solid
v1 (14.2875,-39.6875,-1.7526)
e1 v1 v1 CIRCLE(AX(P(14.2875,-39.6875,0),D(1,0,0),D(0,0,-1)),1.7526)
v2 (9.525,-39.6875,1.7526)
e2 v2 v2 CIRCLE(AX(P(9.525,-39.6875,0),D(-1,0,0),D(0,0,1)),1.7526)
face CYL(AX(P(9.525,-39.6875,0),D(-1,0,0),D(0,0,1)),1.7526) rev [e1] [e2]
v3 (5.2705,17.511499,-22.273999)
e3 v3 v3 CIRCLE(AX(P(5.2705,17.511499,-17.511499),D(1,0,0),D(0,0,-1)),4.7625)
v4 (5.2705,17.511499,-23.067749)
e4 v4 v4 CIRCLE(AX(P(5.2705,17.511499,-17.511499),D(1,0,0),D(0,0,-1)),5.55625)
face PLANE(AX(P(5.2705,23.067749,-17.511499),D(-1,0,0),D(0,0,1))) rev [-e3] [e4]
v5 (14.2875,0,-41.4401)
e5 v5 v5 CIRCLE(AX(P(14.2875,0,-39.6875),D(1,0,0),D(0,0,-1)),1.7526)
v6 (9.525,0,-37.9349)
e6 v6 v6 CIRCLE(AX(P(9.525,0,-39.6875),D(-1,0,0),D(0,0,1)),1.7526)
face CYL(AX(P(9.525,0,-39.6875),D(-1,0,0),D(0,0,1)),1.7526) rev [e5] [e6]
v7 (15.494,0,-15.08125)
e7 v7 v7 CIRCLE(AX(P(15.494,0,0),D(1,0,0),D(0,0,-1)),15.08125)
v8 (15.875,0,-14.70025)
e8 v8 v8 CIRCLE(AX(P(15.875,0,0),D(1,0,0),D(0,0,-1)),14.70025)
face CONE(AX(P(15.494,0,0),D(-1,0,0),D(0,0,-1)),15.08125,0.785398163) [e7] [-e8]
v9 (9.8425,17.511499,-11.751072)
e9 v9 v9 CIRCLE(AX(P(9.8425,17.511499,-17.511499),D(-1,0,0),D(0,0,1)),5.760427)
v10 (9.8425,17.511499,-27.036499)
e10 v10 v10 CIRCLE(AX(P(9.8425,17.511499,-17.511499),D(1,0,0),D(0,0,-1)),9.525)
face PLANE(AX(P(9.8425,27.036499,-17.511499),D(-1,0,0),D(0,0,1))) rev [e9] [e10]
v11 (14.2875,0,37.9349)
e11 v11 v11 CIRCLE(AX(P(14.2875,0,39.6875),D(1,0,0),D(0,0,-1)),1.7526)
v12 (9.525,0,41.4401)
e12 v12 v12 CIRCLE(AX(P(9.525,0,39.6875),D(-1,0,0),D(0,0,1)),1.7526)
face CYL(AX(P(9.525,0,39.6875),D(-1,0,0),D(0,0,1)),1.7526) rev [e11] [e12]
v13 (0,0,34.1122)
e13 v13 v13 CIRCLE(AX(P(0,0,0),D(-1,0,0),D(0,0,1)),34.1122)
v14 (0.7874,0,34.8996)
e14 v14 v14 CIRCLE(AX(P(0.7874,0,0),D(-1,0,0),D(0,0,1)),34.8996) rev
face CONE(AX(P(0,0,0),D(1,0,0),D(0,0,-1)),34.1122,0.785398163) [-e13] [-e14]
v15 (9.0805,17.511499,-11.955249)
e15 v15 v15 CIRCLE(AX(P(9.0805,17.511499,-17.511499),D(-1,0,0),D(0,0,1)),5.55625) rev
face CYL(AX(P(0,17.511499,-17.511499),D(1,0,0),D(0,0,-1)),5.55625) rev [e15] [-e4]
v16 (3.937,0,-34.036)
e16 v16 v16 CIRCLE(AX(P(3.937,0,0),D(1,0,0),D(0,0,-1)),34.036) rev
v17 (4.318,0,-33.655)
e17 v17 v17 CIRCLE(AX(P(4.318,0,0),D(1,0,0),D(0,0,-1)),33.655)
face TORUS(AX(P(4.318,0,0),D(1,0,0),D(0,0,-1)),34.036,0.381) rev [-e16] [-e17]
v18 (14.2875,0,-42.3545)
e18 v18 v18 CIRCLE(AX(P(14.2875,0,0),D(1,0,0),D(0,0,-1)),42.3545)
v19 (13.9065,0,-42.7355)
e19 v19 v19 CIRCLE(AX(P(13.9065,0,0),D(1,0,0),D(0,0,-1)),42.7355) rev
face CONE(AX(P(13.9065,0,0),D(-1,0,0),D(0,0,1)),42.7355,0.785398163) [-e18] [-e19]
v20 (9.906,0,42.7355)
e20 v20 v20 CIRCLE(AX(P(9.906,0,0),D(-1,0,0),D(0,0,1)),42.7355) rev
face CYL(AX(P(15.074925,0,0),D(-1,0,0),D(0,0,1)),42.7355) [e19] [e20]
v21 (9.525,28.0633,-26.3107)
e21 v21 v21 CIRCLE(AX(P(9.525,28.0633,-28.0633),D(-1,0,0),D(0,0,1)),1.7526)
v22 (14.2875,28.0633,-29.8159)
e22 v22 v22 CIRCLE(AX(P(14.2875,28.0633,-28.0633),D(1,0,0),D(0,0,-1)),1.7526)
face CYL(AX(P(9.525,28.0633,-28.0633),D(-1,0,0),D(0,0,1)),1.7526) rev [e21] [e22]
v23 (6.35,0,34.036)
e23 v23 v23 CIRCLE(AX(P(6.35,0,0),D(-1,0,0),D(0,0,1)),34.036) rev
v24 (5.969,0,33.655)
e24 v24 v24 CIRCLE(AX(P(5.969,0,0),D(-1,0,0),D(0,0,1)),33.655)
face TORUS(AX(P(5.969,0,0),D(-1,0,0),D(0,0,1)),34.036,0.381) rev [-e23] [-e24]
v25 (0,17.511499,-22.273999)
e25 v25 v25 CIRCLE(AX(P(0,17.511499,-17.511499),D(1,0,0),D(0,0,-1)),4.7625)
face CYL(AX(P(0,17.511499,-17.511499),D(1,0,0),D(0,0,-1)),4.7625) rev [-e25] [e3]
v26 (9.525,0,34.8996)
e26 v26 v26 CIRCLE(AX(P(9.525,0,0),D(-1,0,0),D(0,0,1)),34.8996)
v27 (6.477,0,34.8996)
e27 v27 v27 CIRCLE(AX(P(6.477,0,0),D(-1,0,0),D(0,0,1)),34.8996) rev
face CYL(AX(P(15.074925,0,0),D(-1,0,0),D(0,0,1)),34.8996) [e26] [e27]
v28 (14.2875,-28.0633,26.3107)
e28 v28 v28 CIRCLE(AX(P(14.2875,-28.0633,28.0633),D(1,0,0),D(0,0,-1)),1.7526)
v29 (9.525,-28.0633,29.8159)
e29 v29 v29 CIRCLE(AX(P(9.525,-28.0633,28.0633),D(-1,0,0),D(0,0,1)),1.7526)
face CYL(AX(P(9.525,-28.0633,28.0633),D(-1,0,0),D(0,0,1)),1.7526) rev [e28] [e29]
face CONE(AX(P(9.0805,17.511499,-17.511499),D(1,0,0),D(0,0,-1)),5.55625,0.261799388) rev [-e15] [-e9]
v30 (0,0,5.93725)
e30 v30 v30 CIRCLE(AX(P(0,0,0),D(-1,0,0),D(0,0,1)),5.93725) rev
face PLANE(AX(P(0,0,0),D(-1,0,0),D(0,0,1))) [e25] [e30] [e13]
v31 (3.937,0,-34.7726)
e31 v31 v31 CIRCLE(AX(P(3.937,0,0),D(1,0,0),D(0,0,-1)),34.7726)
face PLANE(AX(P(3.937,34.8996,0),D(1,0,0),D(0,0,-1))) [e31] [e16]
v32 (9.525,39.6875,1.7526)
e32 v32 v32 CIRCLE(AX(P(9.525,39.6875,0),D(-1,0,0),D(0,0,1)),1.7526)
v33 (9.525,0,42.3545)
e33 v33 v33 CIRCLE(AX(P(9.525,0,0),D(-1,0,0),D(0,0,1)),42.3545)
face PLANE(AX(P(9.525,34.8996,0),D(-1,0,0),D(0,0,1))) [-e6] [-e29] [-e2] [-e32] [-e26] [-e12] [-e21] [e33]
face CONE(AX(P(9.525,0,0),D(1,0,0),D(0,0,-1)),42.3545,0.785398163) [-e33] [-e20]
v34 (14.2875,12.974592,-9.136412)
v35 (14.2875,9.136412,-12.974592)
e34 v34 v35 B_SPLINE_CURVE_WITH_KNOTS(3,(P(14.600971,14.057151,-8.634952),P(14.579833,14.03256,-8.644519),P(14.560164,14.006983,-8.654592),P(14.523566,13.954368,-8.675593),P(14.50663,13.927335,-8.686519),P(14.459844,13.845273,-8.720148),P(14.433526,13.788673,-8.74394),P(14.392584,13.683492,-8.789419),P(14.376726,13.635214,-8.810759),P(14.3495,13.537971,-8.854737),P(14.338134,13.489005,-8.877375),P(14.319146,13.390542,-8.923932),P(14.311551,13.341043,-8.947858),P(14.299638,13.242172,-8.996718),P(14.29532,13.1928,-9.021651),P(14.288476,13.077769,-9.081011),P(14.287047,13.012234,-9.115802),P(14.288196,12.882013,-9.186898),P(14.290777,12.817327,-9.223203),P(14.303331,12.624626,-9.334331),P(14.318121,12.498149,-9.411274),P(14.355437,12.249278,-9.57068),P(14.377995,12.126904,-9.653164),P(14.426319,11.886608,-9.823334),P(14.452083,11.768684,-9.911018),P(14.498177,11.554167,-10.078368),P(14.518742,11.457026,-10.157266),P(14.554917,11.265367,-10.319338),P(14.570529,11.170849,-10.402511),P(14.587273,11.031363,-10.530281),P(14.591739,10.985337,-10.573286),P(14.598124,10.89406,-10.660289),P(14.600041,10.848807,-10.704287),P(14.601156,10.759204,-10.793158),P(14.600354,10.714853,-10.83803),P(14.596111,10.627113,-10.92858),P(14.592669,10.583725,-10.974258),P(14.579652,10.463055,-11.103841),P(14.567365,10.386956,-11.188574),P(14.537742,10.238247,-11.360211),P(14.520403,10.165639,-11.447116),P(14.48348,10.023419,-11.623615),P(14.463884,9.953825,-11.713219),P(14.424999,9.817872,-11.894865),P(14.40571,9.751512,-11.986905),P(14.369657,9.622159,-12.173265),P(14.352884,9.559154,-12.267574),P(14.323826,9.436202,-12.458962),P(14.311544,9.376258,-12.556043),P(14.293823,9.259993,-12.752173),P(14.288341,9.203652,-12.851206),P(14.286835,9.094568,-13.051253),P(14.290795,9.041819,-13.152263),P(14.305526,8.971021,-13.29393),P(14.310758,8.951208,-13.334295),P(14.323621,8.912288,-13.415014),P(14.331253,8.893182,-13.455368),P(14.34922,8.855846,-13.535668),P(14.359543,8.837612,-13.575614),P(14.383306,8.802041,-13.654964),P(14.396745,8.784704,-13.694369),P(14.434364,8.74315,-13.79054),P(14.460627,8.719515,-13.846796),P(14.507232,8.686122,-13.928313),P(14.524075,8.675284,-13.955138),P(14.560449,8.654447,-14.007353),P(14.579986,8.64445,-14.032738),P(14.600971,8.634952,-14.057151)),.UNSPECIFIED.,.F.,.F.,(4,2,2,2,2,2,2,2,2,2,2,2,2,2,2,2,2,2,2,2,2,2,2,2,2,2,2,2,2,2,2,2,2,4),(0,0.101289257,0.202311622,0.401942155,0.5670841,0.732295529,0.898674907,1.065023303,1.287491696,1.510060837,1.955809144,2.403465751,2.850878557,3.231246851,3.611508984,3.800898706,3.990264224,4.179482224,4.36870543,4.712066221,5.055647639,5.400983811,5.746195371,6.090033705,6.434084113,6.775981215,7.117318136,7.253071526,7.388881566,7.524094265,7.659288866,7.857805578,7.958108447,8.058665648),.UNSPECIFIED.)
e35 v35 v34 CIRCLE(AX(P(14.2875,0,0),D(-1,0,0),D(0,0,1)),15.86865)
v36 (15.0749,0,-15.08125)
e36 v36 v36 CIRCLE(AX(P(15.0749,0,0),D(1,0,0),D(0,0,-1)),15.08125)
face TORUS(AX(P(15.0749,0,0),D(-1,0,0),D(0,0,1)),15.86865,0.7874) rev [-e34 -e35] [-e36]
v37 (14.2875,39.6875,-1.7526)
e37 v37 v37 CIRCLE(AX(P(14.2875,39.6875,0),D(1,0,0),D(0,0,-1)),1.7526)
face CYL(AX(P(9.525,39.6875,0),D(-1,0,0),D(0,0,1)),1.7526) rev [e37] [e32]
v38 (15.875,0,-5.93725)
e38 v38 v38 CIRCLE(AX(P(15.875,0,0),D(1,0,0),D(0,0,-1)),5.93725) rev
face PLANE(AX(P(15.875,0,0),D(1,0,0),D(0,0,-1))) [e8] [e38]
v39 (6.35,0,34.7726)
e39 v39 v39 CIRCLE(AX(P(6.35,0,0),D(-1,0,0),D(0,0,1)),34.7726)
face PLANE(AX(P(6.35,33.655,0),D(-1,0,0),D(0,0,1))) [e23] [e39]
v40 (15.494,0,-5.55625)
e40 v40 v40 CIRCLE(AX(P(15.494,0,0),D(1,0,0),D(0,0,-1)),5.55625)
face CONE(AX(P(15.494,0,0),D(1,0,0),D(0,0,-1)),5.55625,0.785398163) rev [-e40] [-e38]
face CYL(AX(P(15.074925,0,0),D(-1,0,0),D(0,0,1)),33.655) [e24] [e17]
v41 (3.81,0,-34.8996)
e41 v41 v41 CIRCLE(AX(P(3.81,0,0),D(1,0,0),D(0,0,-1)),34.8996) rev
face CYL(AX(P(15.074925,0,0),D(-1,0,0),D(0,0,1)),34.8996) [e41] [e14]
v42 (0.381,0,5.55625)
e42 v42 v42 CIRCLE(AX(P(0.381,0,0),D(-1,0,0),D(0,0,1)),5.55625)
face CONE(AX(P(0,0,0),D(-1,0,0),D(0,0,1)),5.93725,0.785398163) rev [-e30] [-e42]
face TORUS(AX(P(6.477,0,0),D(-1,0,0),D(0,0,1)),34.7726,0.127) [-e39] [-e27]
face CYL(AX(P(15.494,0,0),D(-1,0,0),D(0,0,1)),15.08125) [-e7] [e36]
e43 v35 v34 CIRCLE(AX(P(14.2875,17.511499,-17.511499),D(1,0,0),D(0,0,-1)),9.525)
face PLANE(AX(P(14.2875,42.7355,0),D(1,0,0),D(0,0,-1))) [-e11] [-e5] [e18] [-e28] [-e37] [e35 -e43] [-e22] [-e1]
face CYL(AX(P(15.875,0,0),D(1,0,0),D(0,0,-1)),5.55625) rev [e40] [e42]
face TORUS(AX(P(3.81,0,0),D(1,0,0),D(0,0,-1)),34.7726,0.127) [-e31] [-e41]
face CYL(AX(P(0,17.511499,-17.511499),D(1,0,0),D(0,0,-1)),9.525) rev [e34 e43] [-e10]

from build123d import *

# Parameters (mm, degrees)
SKETCH2_R                 = 15.08125
BOSS_EXTRUDE1_DEPTH       = 0.4191
SKETCH3_R                 = 15.08125
BOSS_EXTRUDE2_DEPTH       = 0.381
BOSS_EXTRUDE2_TAPER       = 45
M3_CLEARANCE_HOLE1_D      = 3.5052
M3_CLEARANCE_HOLE1_DEPTH  = 6.35
M10_CLEARANCE_HOLE1_D     = 11.1125
M10_CLEARANCE_HOLE1_DEPTH = 15.875
CHAMFER1_SIZE             = 0.381
CHAMFER2_SIZE             = 0.204177285
CHAMFER2_SIZE2            = 0.762
CHAMFER3_SIZE             = 0.7874
FILLET1_R                 = 0.127
FILLET2_R                 = 0.381


with BuildPart() as part:
    # Sketch1 → Revolve1 (revolve)
    with BuildSketch(Plane(origin=(0, 0, 0), x_dir=(-1, 0, 0), z_dir=(0, 0, -1))):
        with BuildLine():
            Line((-15.0749, 15.08125), (-15.0749, 0))
            Line((-15.0749, 0), (0, 0))
            Line((0, 0), (0, 34.8996))
            Line((0, 34.8996), (-3.937, 34.8996))
            Line((-3.937, 34.8996), (-3.937, 33.655))
            Line((-3.937, 33.655), (-6.35, 33.655))
            Line((-6.35, 33.655), (-6.35, 34.8996))
            Line((-6.35, 34.8996), (-9.525, 34.8996))
            Line((-9.525, 34.8996), (-9.525, 42.7355))
            Line((-9.525, 42.7355), (-14.2875, 42.7355))
            Line((-14.2875, 42.7355), (-14.2875, 15.86865))
            ThreePointArc((-14.2875, 15.86865), (-14.51812412, 15.31187412), (-15.0749, 15.08125))
        make_face()
    revolve(axis=Axis((15.074925, 0, 0), (-1, 0, 0)))

    # Sketch2 → Boss-Extrude1 (add)
    with BuildSketch(Plane(origin=(15.0749, 0, 0), x_dir=(0, 0, -1), z_dir=(1, 0, 0))):
        Circle(SKETCH2_R)
    extrude(amount=BOSS_EXTRUDE1_DEPTH)

    # Sketch3 → Boss-Extrude2 (add)
    with BuildSketch(Plane(origin=(15.494, 0, 0), x_dir=(0, 0, -1), z_dir=(1, 0, 0))):
        Circle(SKETCH3_R)
    extrude(amount=BOSS_EXTRUDE2_DEPTH, taper=BOSS_EXTRUDE2_TAPER)

    # Sketch4 → Cut-Revolve1 (revolve, cut)
    with BuildSketch(Plane.XY.offset(-17.511499436)):
        Polygon((0, 22.273999436), (0, 17.511499436), (14.600771391, 17.511499436), (14.600771391, 27.036499436), (9.8425, 27.036499436), (9.8425, 23.067749436), (5.2705, 23.067749436), (5.2705, 22.273999436), align=None)
    revolve(axis=Axis((0, 17.511499436, -17.511499436), (1, 0, 0)), mode=Mode.SUBTRACT)

    # M3 Clearance Hole1
    with Locations(Plane.ZY.offset(-9.525)):
        with Locations((28.063300378, -28.063300378), (-28.063300378, 28.063300378), (39.6875, 0), (-39.6875, 0), (0, -39.6875), (0, 39.6875)):
            Hole(M3_CLEARANCE_HOLE1_D / 2, depth=M3_CLEARANCE_HOLE1_DEPTH)

    # M10 Clearance Hole1
    with Locations(Plane(origin=(15.875, 0, 0), x_dir=(0, 0, -1), z_dir=(1, 0, 0))):
        with Locations((0, 0)):
            Hole(M10_CLEARANCE_HOLE1_D / 2, depth=M10_CLEARANCE_HOLE1_DEPTH)

    # Chamfer1
    chamfer1_edges = [part.edges().sort_by_distance(p)[0] for p in [
        (9.525, -42.7355, 0),
        (14.2875, -42.7355, 0),
        (15.875, 0, -5.55625),
        (0, 0, -5.55625),
    ]]
    chamfer(chamfer1_edges, length=CHAMFER1_SIZE)

    # Chamfer2
    chamfer2_edges = [part.edges().sort_by_distance(p)[0] for p in [
        (9.8425, 11.955249436, -17.511499436),
    ]]
    chamfer2_side = [part.faces().sort_by_distance(p)[0] for p in [
        (9.8425, 8.25590712, -17.511499436),
    ]]
    chamfer(chamfer2_edges, length=CHAMFER2_SIZE, length2=CHAMFER2_SIZE2, reference=chamfer2_side[0])

    # Chamfer3
    chamfer3_edges = [part.edges().sort_by_distance(p)[0] for p in [
        (0, -34.8996, 0),
    ]]
    chamfer(chamfer3_edges, length=CHAMFER3_SIZE)

    # Fillet1
    fillet1_edges = [part.edges().sort_by_distance(p)[0] for p in [
        (3.937, -34.8996, 0),
        (6.35, -34.8996, 0),
    ]]
    fillet(fillet1_edges, radius=FILLET1_R)

    # Fillet2
    fillet2_edges = [part.edges().sort_by_distance(p)[0] for p in [
        (3.937, -33.655, 0),
        (6.35, -33.655, 0),
    ]]
    fillet(fillet2_edges, radius=FILLET2_R)


solid = part.part
